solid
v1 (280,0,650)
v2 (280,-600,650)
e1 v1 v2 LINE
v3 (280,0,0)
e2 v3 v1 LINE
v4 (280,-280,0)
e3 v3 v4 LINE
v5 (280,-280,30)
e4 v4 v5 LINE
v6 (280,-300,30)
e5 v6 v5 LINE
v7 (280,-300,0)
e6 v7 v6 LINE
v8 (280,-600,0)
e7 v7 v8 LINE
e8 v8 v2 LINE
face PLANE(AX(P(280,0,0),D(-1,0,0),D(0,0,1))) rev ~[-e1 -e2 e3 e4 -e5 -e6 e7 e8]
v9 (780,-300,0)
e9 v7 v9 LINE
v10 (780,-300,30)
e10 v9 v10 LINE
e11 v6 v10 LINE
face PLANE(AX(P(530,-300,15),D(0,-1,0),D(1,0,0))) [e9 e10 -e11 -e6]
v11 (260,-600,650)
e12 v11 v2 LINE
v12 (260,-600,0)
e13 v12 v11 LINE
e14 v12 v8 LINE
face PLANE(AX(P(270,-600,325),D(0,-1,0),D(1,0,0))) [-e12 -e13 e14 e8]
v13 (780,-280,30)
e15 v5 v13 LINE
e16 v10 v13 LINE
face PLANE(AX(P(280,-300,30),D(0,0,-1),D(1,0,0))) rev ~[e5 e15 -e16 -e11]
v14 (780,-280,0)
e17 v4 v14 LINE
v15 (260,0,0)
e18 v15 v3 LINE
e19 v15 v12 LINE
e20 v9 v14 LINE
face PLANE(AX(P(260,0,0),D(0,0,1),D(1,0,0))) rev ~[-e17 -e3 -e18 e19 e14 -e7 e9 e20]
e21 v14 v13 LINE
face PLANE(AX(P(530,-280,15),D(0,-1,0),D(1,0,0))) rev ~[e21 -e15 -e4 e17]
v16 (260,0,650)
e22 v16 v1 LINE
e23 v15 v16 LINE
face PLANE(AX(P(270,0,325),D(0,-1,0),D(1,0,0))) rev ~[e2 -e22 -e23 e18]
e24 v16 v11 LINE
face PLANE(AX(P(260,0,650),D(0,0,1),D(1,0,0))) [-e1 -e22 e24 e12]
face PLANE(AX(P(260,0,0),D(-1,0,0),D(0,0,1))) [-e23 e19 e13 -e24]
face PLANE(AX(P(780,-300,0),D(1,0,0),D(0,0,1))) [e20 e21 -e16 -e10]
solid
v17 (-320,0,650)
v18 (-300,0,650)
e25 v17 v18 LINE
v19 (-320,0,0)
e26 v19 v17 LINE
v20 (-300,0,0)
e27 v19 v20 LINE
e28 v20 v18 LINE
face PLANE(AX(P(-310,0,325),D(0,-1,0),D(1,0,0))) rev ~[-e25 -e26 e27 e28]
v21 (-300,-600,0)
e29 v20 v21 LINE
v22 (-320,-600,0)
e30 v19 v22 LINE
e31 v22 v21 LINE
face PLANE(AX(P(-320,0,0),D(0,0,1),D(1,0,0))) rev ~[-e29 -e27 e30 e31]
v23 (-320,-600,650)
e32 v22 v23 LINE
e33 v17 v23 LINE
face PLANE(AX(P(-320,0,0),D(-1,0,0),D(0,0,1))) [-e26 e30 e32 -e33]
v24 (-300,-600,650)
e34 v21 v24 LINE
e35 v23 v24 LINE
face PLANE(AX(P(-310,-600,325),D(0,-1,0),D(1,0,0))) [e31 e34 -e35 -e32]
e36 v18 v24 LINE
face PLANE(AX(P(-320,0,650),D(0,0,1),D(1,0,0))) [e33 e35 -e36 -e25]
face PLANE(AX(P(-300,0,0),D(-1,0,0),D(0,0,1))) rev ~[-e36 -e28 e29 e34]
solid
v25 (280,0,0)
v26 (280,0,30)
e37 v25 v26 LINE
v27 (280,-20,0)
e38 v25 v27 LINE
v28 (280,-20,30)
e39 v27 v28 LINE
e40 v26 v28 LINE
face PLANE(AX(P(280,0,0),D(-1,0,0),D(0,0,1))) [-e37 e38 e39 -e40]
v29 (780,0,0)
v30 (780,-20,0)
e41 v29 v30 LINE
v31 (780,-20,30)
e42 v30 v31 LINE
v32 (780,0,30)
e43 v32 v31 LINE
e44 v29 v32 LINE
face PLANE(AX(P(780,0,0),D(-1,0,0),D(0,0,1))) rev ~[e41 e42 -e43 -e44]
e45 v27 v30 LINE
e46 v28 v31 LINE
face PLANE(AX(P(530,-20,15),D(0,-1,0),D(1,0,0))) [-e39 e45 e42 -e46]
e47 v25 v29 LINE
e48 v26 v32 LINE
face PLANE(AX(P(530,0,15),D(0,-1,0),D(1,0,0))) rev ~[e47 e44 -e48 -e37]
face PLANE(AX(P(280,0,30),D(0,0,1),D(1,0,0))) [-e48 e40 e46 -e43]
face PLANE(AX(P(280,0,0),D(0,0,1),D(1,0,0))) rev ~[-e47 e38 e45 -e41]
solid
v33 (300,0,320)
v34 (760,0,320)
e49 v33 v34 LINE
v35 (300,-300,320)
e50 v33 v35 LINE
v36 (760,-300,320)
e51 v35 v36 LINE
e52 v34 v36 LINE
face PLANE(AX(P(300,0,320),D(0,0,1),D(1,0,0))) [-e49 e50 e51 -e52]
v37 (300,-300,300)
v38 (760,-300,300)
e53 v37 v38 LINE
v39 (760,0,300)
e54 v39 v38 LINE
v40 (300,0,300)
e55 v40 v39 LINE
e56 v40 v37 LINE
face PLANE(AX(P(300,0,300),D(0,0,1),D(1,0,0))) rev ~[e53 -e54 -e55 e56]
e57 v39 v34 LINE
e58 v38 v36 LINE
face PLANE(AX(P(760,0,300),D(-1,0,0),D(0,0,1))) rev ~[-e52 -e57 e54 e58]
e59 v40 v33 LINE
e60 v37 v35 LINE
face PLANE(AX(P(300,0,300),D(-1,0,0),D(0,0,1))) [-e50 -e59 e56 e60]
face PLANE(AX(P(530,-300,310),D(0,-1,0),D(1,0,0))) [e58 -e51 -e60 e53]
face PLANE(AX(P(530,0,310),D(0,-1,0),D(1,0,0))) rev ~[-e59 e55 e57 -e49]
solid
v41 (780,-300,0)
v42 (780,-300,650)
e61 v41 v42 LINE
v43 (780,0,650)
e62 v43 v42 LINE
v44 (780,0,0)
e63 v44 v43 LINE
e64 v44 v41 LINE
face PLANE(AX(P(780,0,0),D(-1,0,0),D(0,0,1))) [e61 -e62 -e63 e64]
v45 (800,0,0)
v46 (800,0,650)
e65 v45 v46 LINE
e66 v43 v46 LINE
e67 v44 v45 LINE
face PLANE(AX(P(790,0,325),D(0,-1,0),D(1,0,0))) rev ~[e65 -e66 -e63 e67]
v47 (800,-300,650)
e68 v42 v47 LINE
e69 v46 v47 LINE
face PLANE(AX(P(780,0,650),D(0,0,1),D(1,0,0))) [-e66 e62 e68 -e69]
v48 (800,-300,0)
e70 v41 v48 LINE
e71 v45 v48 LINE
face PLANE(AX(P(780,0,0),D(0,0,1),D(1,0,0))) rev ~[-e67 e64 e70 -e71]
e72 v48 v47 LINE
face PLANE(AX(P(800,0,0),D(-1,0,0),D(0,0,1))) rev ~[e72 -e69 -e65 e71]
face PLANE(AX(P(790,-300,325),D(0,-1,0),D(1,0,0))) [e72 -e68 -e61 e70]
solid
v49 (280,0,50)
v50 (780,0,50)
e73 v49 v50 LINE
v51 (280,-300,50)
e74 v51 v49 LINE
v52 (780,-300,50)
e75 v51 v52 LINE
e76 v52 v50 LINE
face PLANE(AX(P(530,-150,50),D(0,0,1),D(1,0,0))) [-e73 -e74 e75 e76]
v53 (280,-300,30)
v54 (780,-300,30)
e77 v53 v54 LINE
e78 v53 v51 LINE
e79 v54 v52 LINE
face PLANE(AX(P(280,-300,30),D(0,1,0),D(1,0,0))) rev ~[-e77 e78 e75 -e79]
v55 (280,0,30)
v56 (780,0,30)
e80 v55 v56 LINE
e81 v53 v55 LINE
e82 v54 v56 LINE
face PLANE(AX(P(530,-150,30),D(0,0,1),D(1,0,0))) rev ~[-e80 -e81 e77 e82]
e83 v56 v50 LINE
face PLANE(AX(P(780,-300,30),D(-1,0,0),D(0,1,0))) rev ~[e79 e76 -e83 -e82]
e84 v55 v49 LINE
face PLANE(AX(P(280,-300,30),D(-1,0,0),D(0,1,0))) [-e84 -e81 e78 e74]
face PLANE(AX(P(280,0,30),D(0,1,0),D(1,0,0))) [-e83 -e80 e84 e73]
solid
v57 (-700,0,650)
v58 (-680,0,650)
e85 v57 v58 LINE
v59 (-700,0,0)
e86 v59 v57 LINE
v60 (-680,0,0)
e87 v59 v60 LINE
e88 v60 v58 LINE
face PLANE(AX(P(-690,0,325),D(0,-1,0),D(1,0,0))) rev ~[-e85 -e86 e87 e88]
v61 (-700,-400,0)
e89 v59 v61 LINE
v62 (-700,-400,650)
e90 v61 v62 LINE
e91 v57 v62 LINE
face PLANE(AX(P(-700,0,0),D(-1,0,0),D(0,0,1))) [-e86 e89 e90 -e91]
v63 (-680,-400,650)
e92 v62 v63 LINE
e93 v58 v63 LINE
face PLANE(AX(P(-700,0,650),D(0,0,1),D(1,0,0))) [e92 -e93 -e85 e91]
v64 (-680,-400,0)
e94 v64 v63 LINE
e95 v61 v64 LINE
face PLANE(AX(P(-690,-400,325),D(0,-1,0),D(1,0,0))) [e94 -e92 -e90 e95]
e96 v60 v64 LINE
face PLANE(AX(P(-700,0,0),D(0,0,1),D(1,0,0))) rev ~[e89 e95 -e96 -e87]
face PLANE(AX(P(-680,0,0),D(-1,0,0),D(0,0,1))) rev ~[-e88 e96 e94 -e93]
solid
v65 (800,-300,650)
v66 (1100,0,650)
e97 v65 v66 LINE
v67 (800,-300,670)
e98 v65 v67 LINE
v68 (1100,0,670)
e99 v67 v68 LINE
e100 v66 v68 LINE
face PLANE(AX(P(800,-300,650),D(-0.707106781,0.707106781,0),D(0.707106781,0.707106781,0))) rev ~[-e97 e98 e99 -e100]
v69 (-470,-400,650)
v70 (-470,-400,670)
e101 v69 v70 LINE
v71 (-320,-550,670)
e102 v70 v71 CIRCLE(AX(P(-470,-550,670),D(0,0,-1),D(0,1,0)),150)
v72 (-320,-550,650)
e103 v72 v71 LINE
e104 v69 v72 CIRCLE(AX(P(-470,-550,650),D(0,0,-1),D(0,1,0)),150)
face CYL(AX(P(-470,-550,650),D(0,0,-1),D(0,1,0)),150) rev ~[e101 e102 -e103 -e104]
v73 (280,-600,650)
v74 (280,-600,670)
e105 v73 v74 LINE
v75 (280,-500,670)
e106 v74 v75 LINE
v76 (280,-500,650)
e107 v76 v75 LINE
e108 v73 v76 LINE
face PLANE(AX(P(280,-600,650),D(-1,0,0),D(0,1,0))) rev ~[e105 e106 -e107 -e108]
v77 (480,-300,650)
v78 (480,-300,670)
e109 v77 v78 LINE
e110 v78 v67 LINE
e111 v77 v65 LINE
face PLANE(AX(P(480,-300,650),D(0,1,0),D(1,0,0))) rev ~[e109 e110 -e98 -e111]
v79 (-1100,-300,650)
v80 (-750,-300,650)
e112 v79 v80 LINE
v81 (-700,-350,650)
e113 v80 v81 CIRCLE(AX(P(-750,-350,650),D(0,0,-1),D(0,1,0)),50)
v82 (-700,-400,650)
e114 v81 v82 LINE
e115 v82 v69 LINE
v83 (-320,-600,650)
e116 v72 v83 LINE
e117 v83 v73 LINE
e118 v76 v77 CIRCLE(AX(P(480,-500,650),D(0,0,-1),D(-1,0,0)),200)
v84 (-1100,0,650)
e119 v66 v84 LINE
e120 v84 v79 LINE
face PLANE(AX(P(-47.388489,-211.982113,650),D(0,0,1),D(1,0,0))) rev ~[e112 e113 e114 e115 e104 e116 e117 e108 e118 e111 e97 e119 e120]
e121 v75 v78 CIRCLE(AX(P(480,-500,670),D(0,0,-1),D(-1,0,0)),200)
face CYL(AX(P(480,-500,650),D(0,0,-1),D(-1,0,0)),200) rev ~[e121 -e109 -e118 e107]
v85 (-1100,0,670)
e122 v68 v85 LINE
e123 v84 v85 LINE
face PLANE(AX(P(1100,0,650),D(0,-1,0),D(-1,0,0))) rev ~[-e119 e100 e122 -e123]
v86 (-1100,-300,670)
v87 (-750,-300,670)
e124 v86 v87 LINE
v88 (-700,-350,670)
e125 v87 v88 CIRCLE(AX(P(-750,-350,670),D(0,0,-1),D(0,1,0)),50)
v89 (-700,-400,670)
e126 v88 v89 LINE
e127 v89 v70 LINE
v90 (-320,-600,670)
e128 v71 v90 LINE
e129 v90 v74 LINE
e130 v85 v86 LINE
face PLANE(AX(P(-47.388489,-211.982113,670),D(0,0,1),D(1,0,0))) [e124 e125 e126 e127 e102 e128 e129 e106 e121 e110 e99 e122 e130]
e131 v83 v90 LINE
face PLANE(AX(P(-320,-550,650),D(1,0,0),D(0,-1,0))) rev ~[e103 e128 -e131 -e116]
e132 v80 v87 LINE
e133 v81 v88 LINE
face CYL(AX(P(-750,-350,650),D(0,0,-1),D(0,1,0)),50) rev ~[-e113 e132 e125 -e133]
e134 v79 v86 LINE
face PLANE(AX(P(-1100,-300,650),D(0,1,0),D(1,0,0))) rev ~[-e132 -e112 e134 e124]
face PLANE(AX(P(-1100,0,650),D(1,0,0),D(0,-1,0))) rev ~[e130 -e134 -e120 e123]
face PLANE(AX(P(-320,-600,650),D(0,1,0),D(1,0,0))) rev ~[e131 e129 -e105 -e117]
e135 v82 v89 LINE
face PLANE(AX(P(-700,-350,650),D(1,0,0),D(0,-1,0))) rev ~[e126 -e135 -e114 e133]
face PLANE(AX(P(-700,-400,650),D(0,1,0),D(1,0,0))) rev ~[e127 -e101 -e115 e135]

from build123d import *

# Parameters (mm, degrees)
F1_W      = 20
F1_H      = 650
F2_DEPTH  = 600
F3_W      = 20
F3_H      = 650
F4_DEPTH  = 400
F5_W      = 20
F5_H      = 650
F6_DEPTH  = 300
F8_DEPTH  = 20
F9_W      = 500
F9_H      = 30
F10_DEPTH = 20
F11_W     = 500
F11_H     = 30
F12_DEPTH = 20
F13_W     = 500
F13_H     = 300
F14_DEPTH = 20
F15_W     = 460
F15_H     = 20
F16_DEPTH = 300


with BuildPart() as f2:
    # F1 (on Front) → F2 (new body)
    with BuildSketch(Plane.XZ):
        with Locations((-310, 325)):
            Rectangle(F1_W, F1_H)
    extrude(amount=F2_DEPTH)


with BuildPart() as f2b:
    # F1 (on Front) → F2, piece 2 (new body)
    with BuildSketch(Plane.XZ):
        with Locations((270, 325)):
            Rectangle(F1_W, F1_H)
    extrude(amount=F2_DEPTH)

    # F11 (on face) → F12 (join)
    with BuildSketch(Plane.XZ.offset(300)):
        with Locations((530, 15)):
            Rectangle(F11_W, F11_H)
    extrude(amount=-F12_DEPTH)


with BuildPart() as f4:
    # F3 (on face) → F4 (new body)
    with BuildSketch(Plane.XZ):
        with Locations((-690, 325)):
            Rectangle(F3_W, F3_H)
    extrude(amount=F4_DEPTH)


with BuildPart() as f6:
    # F5 (on face) → F6 (new body)
    with BuildSketch(Plane.XZ):
        with Locations((790, 325)):
            Rectangle(F5_W, F5_H)
    extrude(amount=F6_DEPTH)


with BuildPart() as f8:
    # F7 (on face) → F8 (new body)
    with BuildSketch(Plane.XY.offset(650)):
        with BuildLine():
            Line((800, -300), (1100, 0))
            Line((1100, 0), (-1100, 0))
            Line((-1100, 0), (-1100, -300))
            Line((-1100, -300), (-750, -300))
            ThreePointArc((-750, -300), (-714.6446609407, -314.6446609407), (-700, -350))
            Line((-700, -350), (-700, -400))
            Line((-700, -400), (-470, -400))
            ThreePointArc((-470, -400), (-363.933982822, -443.933982822), (-320, -550))
            Line((-320, -550), (-320, -600))
            Line((-320, -600), (280, -600))
            Line((280, -600), (280, -500))
            ThreePointArc((280, -500), (338.5786437627, -358.5786437627), (480, -300))
            Line((480, -300), (800, -300))
        make_face()
    extrude(amount=F8_DEPTH)


with BuildPart() as f10:
    # F9 (on Front) → F10 (new body)
    with BuildSketch(Plane.XZ):
        with Locations((530, 15)):
            Rectangle(F9_W, F9_H)
    extrude(amount=F10_DEPTH)


with BuildPart() as f14:
    # F13 (on face) → F14 (new body)
    with BuildSketch(Plane.XY.offset(30)):
        with Locations((530, -150)):
            Rectangle(F13_W, F13_H)
    extrude(amount=F14_DEPTH)


with BuildPart() as f16:
    # F15 (on Front) → F16 (new body)
    with BuildSketch(Plane.XZ):
        with Locations((530, 310)):
            Rectangle(F15_W, F15_H)
    extrude(amount=F16_DEPTH)


solid = Compound([f2.part, f2b.part, f4.part, f6.part, f8.part, f10.part, f14.part, f16.part])
